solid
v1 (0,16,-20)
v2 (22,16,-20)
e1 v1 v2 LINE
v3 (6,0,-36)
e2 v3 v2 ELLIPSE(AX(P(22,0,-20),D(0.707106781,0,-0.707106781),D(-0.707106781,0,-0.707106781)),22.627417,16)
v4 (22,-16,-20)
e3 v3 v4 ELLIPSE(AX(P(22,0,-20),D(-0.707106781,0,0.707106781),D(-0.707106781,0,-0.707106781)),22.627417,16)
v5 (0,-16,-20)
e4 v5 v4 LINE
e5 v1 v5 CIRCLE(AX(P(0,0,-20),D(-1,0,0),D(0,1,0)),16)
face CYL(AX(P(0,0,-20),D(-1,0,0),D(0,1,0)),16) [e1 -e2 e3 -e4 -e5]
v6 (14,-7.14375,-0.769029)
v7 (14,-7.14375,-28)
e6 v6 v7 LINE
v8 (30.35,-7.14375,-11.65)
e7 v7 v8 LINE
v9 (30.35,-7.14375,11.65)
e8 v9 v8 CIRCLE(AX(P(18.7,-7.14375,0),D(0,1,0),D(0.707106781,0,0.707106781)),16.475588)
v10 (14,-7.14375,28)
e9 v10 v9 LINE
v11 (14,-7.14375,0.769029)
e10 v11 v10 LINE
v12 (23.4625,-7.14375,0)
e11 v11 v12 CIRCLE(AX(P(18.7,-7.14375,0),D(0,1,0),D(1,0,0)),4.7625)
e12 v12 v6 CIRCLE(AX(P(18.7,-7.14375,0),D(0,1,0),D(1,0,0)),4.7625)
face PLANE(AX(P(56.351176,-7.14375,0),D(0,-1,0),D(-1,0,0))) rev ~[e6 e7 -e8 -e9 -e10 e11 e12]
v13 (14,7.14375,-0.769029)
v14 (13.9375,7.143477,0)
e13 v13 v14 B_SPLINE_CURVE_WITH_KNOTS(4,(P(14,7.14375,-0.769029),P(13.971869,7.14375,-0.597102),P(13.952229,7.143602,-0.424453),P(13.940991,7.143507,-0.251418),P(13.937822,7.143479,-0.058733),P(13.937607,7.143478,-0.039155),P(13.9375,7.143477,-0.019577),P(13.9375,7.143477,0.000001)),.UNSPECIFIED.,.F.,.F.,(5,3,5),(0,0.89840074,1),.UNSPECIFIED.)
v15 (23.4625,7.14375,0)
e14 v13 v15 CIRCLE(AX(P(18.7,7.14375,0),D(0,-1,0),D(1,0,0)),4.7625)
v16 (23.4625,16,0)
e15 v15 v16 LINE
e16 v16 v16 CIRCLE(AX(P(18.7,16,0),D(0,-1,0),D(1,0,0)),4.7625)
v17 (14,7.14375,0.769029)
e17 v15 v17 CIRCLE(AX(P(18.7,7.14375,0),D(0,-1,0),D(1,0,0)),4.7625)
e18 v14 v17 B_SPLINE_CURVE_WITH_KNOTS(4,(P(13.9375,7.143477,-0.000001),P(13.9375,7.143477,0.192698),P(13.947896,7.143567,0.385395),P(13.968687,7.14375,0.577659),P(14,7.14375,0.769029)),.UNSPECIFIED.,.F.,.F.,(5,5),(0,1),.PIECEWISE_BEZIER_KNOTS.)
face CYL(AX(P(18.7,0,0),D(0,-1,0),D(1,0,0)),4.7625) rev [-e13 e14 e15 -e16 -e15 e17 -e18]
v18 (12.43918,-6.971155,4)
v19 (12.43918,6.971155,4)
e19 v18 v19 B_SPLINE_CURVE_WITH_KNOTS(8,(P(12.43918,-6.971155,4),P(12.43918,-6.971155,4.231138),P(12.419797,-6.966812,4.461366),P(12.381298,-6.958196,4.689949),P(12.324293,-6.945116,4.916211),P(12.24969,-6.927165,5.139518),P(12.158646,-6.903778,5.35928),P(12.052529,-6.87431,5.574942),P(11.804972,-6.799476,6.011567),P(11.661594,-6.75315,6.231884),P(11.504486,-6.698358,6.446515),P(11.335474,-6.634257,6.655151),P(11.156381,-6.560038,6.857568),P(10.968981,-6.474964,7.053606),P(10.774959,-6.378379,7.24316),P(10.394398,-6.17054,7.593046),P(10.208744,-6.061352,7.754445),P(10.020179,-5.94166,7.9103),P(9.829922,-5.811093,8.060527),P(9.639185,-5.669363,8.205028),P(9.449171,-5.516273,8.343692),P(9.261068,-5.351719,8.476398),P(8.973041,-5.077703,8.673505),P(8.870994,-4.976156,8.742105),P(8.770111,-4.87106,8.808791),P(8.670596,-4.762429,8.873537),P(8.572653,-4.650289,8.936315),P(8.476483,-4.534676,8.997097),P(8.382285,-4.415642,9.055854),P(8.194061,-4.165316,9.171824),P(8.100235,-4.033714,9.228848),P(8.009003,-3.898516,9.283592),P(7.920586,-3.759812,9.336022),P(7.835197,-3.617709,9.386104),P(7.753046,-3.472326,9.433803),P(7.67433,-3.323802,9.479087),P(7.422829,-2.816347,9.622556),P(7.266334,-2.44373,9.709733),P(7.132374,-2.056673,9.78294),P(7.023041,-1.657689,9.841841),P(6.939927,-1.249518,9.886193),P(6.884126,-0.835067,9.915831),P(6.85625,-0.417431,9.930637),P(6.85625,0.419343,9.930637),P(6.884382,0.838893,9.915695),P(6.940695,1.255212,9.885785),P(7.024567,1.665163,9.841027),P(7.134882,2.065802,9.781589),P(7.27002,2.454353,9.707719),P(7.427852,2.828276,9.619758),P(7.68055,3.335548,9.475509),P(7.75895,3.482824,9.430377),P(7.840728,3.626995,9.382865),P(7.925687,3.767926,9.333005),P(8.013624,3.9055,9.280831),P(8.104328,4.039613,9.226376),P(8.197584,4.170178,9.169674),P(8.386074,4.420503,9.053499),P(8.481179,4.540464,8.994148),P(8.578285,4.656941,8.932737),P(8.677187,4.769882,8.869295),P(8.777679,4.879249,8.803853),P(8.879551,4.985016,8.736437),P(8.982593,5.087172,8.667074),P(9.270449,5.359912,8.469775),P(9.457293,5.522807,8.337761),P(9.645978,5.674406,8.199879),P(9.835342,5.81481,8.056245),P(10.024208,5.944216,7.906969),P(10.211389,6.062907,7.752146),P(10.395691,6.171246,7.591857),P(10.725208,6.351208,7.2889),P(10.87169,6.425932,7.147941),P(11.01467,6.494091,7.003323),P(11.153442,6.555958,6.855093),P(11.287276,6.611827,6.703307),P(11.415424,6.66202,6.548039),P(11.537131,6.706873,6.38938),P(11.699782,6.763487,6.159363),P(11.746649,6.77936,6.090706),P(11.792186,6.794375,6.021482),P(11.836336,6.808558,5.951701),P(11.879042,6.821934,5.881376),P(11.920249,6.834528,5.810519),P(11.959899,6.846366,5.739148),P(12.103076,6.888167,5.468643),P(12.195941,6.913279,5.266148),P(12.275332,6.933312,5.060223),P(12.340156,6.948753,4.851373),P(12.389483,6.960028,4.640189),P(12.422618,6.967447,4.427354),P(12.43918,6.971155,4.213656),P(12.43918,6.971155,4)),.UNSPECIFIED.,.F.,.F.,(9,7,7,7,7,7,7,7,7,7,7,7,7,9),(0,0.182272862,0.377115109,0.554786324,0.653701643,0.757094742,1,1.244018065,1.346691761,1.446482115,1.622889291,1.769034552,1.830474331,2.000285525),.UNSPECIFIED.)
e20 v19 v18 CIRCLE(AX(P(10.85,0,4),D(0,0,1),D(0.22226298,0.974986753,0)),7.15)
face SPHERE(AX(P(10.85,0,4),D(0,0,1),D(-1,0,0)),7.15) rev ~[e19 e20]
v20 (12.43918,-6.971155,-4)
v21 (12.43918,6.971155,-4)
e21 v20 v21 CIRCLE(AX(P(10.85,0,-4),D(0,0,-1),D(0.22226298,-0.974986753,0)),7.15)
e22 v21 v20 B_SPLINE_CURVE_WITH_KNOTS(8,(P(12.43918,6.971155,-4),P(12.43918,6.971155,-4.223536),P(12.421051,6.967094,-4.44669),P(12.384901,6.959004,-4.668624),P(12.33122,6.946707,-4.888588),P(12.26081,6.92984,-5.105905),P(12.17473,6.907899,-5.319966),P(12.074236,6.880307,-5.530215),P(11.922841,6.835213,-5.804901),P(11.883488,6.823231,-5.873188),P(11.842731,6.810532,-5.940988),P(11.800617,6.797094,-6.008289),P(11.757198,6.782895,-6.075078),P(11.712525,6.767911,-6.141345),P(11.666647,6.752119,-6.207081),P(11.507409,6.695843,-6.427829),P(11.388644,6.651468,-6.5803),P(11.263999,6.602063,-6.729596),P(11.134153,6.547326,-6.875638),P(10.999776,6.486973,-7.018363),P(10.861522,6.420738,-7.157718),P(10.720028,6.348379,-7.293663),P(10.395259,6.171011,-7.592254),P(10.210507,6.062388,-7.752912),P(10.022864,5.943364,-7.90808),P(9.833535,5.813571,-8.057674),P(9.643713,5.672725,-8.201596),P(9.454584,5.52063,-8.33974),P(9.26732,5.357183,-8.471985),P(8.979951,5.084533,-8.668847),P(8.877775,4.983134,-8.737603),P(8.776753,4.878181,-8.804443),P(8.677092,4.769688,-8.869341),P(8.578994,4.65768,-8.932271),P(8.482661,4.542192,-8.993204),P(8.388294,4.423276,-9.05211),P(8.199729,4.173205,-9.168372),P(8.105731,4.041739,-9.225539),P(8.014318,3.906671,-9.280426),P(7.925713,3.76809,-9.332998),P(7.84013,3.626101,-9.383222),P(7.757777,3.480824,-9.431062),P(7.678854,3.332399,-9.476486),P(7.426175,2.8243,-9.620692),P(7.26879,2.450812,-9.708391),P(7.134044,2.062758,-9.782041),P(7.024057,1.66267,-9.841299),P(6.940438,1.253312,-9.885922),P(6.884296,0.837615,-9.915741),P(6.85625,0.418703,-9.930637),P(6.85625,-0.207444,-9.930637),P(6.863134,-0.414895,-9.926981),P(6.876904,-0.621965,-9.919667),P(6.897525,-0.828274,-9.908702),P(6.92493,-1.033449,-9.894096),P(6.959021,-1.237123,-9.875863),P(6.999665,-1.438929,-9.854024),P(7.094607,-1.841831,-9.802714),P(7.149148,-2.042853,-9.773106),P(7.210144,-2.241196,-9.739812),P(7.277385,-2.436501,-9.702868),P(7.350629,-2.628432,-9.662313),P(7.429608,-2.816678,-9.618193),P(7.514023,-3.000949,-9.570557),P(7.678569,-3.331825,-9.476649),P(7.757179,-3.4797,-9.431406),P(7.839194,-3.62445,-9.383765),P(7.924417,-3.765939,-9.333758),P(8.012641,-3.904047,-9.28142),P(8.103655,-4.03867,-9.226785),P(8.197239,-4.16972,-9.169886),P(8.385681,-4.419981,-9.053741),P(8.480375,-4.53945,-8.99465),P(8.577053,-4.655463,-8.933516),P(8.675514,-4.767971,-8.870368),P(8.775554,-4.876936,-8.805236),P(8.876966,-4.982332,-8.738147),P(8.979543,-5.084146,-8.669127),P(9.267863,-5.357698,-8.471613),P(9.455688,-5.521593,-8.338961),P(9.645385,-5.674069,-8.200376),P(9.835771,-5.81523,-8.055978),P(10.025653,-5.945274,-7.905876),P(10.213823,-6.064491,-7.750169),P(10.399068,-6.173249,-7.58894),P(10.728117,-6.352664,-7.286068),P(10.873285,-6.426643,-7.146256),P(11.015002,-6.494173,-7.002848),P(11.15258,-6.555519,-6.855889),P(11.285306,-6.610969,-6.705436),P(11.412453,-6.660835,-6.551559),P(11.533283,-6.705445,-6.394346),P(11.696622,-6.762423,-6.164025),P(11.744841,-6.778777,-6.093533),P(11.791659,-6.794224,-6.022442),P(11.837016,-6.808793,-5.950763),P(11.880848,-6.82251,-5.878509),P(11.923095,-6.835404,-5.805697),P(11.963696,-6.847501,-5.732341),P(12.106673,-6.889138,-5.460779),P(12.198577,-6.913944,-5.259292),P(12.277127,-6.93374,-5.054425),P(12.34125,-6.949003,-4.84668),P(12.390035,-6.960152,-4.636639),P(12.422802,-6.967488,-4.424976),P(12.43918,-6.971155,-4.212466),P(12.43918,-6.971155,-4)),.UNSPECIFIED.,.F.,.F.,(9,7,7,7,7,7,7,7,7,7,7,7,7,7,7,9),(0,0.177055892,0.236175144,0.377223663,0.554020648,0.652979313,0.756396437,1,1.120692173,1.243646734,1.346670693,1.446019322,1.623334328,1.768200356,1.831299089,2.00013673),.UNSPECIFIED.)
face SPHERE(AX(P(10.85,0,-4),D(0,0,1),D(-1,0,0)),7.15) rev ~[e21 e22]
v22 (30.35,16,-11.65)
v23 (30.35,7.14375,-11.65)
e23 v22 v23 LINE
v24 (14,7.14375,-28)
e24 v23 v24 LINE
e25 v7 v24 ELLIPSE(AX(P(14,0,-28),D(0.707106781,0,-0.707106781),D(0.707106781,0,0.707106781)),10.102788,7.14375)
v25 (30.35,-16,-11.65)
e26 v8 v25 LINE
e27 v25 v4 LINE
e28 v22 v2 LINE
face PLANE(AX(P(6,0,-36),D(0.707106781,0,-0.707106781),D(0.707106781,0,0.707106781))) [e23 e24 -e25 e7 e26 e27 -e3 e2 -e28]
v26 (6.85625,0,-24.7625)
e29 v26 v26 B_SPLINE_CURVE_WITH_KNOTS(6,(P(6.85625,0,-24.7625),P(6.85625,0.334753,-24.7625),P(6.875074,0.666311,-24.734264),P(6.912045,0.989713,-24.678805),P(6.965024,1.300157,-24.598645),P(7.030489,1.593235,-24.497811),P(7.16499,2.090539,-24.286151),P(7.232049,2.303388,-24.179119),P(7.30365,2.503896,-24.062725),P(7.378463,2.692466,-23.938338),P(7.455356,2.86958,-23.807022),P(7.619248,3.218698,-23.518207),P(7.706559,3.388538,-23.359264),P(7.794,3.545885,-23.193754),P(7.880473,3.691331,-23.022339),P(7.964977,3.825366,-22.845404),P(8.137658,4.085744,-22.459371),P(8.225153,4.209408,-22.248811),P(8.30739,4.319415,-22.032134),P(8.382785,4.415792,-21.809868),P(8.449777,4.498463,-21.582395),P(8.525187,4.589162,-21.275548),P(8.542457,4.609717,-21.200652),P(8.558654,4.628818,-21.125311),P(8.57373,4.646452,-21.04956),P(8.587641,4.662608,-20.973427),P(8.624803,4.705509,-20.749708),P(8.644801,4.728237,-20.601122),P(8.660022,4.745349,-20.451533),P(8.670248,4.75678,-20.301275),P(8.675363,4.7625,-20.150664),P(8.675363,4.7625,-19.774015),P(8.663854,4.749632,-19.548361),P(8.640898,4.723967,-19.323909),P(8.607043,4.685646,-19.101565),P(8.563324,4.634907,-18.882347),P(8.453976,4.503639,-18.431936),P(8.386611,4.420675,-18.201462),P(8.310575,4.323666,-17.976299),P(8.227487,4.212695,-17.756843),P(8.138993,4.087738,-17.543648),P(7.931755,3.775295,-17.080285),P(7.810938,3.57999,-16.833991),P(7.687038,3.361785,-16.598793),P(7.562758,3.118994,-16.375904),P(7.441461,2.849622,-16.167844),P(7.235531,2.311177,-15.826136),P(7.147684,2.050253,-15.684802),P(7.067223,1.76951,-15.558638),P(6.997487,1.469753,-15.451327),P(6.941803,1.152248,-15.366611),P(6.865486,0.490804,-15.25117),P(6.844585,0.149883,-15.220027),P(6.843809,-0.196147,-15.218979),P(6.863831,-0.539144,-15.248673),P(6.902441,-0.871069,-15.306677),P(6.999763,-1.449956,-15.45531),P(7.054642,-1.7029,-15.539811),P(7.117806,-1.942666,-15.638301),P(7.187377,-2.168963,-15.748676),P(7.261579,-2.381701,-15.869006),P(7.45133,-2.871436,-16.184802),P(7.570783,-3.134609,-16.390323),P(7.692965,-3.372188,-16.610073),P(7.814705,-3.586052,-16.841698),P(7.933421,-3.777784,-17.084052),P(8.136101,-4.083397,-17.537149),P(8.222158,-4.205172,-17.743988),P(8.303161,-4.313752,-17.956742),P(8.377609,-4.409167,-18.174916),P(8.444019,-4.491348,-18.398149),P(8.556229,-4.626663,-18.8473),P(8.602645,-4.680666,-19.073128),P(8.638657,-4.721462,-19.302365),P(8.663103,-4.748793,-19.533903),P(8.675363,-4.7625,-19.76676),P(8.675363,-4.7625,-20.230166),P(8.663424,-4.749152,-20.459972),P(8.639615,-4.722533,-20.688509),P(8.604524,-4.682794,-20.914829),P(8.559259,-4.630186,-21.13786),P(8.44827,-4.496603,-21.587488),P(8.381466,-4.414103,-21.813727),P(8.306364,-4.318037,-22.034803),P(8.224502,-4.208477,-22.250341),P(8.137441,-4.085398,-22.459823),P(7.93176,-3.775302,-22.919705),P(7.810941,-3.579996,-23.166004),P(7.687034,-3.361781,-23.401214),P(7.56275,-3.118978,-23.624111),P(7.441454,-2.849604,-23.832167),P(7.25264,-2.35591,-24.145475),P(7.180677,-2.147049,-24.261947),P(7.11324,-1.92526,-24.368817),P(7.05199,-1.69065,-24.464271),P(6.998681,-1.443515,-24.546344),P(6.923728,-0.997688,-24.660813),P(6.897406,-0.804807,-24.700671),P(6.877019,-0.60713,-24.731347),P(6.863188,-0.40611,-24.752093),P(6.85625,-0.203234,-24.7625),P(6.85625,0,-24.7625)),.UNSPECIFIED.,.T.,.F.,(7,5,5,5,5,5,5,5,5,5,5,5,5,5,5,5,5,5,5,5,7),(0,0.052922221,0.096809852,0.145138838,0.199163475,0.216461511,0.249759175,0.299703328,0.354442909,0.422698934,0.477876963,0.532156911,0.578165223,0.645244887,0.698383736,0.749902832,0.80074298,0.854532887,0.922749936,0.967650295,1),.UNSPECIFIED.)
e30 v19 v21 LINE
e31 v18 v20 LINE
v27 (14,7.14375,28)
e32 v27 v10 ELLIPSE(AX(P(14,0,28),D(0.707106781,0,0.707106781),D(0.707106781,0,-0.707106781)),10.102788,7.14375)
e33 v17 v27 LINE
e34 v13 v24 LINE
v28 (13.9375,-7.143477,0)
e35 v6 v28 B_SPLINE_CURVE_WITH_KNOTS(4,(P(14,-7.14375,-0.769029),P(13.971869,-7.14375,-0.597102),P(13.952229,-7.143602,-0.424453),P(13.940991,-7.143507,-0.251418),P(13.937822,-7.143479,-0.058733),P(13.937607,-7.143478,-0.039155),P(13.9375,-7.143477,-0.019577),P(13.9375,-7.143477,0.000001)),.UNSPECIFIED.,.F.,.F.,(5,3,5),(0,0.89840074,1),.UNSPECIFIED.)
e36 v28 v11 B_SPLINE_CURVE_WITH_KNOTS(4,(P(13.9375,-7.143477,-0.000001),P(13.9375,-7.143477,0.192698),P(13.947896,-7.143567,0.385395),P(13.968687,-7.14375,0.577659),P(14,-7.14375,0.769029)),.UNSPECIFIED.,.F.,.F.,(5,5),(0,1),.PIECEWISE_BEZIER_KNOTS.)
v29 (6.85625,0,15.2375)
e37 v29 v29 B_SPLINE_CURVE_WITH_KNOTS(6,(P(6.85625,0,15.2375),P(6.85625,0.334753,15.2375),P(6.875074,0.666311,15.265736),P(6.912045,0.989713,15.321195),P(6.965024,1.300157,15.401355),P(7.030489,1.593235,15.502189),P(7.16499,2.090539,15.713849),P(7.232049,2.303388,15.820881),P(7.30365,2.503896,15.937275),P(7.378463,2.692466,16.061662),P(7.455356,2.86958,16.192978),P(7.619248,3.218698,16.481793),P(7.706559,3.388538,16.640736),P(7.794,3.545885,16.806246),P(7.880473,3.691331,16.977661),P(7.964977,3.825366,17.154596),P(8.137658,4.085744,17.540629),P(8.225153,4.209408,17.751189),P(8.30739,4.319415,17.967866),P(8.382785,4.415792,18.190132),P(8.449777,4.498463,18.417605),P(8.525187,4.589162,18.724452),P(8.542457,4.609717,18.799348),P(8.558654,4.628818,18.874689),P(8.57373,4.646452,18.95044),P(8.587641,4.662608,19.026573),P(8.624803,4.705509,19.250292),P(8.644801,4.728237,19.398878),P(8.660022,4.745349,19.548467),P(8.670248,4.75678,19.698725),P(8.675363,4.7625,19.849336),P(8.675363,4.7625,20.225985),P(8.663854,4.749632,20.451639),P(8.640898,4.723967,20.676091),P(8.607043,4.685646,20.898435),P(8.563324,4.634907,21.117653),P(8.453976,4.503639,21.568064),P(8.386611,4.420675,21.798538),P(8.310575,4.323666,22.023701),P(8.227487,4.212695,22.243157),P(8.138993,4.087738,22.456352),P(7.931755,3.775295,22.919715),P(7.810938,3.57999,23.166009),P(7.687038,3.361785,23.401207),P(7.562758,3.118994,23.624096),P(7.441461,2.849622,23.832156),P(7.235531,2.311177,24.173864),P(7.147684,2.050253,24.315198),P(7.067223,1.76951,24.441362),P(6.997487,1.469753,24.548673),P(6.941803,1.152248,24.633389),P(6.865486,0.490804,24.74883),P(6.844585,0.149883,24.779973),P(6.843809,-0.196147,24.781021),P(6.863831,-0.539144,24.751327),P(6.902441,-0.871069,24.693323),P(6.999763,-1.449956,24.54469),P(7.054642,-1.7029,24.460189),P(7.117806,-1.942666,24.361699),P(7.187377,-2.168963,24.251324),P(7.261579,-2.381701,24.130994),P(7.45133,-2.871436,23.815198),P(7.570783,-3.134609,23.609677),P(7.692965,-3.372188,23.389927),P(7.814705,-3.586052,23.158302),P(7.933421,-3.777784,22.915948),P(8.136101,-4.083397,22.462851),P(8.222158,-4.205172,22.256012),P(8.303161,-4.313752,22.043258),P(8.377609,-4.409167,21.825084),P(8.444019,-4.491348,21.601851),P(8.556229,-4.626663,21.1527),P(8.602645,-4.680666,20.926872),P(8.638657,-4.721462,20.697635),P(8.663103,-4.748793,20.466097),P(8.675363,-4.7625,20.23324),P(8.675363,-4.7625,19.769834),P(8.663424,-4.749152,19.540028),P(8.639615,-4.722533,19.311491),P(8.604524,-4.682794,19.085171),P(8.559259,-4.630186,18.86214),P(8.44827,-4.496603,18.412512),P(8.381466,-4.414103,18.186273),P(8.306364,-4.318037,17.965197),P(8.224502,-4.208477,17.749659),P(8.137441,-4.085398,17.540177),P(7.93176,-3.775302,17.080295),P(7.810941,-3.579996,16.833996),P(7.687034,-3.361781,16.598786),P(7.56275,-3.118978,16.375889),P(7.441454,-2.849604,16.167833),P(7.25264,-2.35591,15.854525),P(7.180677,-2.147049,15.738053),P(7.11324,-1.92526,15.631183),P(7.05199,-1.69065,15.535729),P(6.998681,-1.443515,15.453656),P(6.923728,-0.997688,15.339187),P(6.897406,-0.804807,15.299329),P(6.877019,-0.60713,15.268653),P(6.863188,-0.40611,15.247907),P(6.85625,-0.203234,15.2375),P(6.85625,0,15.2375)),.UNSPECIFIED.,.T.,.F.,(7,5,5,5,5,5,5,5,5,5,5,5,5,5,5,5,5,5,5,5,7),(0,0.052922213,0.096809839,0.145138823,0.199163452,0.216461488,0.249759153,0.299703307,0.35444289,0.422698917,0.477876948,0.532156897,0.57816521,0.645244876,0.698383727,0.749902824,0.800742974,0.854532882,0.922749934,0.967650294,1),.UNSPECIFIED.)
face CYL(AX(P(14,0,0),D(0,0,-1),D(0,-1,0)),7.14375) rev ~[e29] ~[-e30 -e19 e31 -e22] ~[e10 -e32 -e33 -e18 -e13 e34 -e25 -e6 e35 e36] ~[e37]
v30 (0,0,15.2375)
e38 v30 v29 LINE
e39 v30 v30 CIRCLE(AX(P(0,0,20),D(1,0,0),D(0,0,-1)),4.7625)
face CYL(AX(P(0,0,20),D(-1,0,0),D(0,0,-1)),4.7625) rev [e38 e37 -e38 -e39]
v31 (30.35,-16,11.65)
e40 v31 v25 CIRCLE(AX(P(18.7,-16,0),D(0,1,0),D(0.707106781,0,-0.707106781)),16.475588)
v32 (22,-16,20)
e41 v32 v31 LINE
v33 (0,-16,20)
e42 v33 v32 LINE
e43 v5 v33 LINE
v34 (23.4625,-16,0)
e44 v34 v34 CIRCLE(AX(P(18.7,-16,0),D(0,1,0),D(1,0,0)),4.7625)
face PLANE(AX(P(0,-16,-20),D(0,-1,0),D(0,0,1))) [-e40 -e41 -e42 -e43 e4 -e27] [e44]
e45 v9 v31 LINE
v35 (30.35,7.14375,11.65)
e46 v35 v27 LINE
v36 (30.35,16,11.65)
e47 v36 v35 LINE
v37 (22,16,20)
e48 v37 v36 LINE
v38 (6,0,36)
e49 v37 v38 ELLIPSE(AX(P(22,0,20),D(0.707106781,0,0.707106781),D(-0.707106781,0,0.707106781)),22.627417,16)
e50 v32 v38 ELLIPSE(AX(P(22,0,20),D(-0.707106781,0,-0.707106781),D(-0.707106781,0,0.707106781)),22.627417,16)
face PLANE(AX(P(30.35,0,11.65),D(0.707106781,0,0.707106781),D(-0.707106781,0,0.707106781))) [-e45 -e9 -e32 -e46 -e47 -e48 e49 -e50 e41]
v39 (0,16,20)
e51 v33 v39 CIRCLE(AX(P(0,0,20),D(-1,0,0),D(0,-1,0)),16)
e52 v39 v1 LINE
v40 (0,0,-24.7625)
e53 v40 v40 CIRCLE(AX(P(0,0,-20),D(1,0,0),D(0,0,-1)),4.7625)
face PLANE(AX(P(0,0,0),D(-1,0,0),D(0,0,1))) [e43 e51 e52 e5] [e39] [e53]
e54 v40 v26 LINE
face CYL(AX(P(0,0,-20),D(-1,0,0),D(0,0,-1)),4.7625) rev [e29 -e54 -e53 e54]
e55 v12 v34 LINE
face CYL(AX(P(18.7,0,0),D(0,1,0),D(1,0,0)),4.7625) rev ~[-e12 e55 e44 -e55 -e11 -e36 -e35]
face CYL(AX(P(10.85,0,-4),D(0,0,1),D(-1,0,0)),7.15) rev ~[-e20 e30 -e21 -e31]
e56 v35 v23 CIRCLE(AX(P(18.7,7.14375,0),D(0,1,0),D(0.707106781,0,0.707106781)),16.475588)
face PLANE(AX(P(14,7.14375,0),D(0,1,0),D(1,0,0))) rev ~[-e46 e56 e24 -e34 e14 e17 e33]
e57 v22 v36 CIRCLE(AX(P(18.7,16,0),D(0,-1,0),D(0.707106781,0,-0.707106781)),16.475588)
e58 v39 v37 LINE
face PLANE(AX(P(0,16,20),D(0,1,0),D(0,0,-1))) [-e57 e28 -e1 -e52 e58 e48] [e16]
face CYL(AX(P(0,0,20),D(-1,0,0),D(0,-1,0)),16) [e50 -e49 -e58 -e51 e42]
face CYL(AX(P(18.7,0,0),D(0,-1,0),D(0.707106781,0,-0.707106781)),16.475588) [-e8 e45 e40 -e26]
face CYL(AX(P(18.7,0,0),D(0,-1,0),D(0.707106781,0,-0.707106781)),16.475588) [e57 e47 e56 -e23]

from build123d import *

# Parameters (mm, degrees)
SKETCH1_R               = 4.7625
BOSS_EXTRUDE1_DEPTH     = 50
CUT_EXTRUDE3_DEPTH      = 17
CUT_EXTRUDE3_DEPTH_BACK = 17
SKETCH5_R               = 4.7625
CUT_EXTRUDE2_DEPTH      = 17
CUT_EXTRUDE2_DEPTH_BACK = 17
CUT_EXTRUDE4_DEPTH      = 37
CUT_EXTRUDE4_DEPTH_BACK = 37


with BuildPart() as part:
    # Sketch1 → Boss-Extrude1 (new body)
    with BuildSketch(Plane(origin=(0, 0, 0), x_dir=(0, 0, -1), z_dir=(1, 0, 0))):
        with BuildLine():
            Line((-20, 16), (0, 16))
            Line((0, 16), (20, 16))
            ThreePointArc((20, 16), (36, 0), (20, -16))
            Line((20, -16), (0, -16))
            Line((0, -16), (-20, -16))
            ThreePointArc((-20, -16), (-36, 0), (-20, 16))
        make_face()
        with Locations((-20, 0)):
            Circle(SKETCH1_R, mode=Mode.SUBTRACT)
        with Locations((20, 0)):
            Circle(SKETCH1_R, mode=Mode.SUBTRACT)
    extrude(amount=BOSS_EXTRUDE1_DEPTH)

    # Sketch3 → Cut-Extrude3 (cut, two sides)
    with BuildSketch(Plane(origin=(0, 0, 0), x_dir=(1, 0, 0), z_dir=(0, 1, 0))) as cut_extrude3_sk:
        with BuildLine():
            Line((6, 36), (30.35, 11.65))
            ThreePointArc((30.35, 11.65), (35.175588002, 0), (30.35, -11.65))
            Line((30.35, -11.65), (6, -36))
            Line((6, -36), (6, -40.720576269))
            Line((6, -40.720576269), (53.537884165, -40.720576269))
            Line((53.537884165, -40.720576269), (53.537884165, 49.648939658))
            Line((53.537884165, 49.648939658), (6, 49.648939658))
            Line((6, 49.648939658), (6, 36))
        make_face()
    extrude(amount=CUT_EXTRUDE3_DEPTH, mode=Mode.SUBTRACT)
    extrude(cut_extrude3_sk.sketch, amount=-CUT_EXTRUDE3_DEPTH_BACK, mode=Mode.SUBTRACT)

    # Sketch5 → Cut-Extrude2 (cut, two sides)
    with BuildSketch(Plane(origin=(0, 0, 0), x_dir=(1, 0, 0), z_dir=(0, 1, 0))) as cut_extrude2_sk:
        with Locations((18.7, 0)):
            Circle(SKETCH5_R)
    extrude(amount=CUT_EXTRUDE2_DEPTH, mode=Mode.SUBTRACT)
    extrude(cut_extrude2_sk.sketch, amount=-CUT_EXTRUDE2_DEPTH_BACK, mode=Mode.SUBTRACT)

    # Sketch7 → Cut-Extrude4 (cut, two sides)
    with BuildSketch(Plane.XY) as cut_extrude4_sk:
        with BuildLine():
            Line((56.351176003, -7.14375), (14, -7.14375))
            ThreePointArc((14, -7.14375), (6.85625, 0), (14, 7.14375))
            Line((14, 7.14375), (56.351176003, 7.14375))
            ThreePointArc((56.351176003, 7.14375), (63.494926003, 0), (56.351176003, -7.14375))
        make_face()
    extrude(amount=CUT_EXTRUDE4_DEPTH, mode=Mode.SUBTRACT)
    extrude(cut_extrude4_sk.sketch, amount=-CUT_EXTRUDE4_DEPTH_BACK, mode=Mode.SUBTRACT)

    # Sketch10 → Cut-Revolve1 (revolve, cut)
    with BuildSketch(Plane(origin=(0, 0, 0), x_dir=(1, 0, 0), z_dir=(0, 1, 0))):
        with BuildLine():
            Line((3.7, 4), (3.7, -4))
            ThreePointArc((3.7, -4), (5.794186515, -9.055813485), (10.85, -11.15))
            Line((10.85, -11.15), (10.85, 11.15))
            ThreePointArc((10.85, 11.15), (5.794186515, 9.055813485), (3.7, 4))
        make_face()
    revolve(axis=Axis((10.85, 0, -11.15), (0, 0, 1)), mode=Mode.SUBTRACT)


solid = part.part
